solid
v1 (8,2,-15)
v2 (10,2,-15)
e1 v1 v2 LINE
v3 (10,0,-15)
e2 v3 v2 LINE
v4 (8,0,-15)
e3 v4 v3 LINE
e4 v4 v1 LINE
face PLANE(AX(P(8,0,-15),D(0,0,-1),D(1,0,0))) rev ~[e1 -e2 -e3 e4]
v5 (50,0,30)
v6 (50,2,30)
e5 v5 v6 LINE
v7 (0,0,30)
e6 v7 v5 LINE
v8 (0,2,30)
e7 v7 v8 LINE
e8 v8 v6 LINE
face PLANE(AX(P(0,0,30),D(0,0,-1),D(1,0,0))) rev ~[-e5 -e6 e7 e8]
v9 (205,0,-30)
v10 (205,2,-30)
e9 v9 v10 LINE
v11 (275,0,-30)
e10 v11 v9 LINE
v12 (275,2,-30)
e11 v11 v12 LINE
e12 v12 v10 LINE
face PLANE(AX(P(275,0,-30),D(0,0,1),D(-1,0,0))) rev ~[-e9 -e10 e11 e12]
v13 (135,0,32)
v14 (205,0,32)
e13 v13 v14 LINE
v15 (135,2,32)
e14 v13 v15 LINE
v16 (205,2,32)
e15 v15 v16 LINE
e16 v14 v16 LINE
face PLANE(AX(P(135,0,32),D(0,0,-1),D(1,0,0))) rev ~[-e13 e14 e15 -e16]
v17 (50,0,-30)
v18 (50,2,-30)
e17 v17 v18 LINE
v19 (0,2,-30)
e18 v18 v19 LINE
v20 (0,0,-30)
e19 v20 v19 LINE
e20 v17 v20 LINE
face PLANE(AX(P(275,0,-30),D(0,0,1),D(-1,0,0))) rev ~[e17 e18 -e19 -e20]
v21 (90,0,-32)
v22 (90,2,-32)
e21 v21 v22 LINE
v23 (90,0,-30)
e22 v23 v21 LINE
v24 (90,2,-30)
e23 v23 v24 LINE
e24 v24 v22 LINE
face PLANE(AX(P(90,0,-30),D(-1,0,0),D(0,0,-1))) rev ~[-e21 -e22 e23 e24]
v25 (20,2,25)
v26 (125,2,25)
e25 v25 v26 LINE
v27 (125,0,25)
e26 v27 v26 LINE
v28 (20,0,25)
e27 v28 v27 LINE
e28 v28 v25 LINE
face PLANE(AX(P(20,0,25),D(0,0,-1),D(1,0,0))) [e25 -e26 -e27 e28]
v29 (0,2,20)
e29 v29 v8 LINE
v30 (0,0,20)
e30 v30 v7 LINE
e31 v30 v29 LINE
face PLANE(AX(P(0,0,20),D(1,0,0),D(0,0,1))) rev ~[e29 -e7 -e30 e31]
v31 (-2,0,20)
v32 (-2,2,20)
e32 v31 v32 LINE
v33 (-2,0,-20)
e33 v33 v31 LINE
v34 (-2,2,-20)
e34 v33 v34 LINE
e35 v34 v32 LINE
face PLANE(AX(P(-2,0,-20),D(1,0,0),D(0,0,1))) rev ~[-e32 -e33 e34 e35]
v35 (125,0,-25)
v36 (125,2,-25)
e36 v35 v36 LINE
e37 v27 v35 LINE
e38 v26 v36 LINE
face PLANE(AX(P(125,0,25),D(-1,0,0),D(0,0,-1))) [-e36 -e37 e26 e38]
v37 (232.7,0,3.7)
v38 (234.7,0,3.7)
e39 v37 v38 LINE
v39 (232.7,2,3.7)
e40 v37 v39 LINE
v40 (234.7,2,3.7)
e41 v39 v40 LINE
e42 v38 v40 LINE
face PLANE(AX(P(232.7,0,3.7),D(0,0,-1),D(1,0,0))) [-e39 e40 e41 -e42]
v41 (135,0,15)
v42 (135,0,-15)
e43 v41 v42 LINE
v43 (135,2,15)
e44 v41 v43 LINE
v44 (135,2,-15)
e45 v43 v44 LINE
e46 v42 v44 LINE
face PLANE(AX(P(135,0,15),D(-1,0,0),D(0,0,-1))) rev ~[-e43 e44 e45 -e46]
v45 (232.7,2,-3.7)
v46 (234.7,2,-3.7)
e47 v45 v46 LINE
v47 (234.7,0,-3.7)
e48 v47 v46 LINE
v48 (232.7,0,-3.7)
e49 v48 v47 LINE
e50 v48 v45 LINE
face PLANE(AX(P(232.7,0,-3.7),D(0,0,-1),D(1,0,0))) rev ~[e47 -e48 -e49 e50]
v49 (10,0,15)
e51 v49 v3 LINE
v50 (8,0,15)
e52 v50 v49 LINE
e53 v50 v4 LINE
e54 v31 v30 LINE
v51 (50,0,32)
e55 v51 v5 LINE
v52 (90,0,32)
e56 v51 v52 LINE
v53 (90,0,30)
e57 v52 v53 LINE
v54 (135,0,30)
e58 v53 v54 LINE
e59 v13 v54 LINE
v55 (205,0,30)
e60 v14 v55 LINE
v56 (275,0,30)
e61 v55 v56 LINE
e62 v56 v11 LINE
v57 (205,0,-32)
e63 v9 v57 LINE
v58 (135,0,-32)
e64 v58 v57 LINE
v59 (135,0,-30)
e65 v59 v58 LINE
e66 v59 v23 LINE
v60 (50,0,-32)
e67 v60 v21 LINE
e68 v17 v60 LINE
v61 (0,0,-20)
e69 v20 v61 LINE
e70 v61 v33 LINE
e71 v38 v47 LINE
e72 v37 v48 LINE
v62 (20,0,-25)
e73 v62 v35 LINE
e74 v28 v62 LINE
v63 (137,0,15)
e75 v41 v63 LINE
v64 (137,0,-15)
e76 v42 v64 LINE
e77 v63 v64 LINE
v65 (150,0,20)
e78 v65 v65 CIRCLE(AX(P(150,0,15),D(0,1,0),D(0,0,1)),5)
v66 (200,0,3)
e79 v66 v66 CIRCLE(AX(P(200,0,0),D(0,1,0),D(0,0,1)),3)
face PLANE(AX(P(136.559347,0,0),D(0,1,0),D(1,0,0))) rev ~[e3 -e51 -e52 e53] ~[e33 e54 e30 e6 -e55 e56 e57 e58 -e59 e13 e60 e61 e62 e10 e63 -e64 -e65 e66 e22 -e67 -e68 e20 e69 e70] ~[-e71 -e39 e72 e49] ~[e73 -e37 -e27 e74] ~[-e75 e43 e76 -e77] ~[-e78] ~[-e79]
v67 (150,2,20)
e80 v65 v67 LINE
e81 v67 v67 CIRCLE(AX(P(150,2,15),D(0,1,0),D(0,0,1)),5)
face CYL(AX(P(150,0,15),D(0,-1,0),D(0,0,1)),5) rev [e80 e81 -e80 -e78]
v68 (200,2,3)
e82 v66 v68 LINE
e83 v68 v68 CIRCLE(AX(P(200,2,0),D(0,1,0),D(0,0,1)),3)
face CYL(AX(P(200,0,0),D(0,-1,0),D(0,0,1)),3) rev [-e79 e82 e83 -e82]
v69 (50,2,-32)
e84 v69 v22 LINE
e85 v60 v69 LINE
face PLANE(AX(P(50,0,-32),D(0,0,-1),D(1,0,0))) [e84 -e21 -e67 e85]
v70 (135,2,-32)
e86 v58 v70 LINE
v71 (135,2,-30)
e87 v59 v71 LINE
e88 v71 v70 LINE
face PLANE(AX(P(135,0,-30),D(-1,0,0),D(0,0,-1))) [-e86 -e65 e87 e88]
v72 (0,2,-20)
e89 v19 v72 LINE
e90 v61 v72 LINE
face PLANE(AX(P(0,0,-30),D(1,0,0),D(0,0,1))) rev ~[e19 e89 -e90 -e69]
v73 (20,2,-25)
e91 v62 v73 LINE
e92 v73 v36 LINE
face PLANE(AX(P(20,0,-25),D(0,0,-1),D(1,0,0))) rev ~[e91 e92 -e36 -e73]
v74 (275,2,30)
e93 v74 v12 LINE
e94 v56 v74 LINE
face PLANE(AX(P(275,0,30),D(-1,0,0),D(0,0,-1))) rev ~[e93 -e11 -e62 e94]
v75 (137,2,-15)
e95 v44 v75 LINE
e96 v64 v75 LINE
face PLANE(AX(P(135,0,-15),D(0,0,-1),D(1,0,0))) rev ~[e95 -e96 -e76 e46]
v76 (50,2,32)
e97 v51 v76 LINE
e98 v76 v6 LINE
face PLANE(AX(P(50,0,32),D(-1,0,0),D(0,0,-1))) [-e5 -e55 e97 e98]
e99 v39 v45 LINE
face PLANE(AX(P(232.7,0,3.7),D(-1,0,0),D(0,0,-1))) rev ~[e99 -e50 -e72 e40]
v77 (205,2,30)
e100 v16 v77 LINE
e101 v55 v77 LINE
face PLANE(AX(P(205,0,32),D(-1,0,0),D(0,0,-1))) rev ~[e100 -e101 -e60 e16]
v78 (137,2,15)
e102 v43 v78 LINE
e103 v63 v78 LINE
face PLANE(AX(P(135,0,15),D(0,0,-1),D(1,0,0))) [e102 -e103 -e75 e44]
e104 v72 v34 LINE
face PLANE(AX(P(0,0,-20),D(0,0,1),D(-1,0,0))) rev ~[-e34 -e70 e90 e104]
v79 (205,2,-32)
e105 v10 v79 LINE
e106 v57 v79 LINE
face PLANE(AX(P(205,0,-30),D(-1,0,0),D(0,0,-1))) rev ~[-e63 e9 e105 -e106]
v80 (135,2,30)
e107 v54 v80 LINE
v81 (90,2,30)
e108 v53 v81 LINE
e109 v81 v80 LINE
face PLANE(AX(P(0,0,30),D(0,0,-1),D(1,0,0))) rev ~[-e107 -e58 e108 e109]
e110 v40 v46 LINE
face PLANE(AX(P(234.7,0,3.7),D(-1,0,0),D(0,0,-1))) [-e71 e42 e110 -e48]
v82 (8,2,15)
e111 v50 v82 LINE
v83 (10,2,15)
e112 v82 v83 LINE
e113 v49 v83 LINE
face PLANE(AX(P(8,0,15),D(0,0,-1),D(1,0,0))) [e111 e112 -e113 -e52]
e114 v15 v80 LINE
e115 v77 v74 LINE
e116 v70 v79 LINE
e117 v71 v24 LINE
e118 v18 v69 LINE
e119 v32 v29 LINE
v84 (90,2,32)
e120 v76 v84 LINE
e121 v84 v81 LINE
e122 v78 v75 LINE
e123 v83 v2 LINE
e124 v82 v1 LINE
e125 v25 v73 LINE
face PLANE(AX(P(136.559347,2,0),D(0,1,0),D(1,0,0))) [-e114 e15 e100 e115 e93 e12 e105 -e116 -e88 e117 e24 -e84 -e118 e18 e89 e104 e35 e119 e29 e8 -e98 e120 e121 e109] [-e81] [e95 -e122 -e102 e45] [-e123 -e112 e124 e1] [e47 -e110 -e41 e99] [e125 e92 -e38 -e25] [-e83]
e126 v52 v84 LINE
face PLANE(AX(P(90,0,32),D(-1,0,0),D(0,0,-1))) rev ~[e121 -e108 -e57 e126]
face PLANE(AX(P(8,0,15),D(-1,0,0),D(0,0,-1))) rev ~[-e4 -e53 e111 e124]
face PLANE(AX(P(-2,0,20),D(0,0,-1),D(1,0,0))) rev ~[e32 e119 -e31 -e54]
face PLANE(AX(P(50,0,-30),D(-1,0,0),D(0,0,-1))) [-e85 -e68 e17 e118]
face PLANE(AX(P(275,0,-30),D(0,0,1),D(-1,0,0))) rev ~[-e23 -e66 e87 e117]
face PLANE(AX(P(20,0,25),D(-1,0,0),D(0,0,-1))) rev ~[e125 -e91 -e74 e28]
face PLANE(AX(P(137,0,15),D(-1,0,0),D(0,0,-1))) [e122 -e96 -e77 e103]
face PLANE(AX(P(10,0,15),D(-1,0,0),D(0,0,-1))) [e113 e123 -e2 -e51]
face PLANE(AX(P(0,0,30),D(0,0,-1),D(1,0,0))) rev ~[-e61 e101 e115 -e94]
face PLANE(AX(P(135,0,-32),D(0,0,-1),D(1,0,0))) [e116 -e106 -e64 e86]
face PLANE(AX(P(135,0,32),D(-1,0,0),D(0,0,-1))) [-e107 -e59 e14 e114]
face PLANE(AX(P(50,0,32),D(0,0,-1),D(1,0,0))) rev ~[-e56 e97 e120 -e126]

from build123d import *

# Parameters (mm, degrees)
SKETCH_1_R      = 5
SKETCH_1_W      = 2
SKETCH_1_H      = 30
SKETCH_1_W_2    = 105
SKETCH_1_H_2    = 50
SKETCH_1_R_2    = 3
SKETCH_1_H_3    = 7.4
SKETCH_1_W_3    = 40
SKETCH_1_H_4    = 2
SKETCH_1_W_4    = 70
EXTRUDE_1_DEPTH = 2


with BuildPart() as part:
    # 草图1 → 凸台-拉伸1 (new body)
    # profile 1 of 5: a face of its own
    with BuildSketch(Plane(origin=(0, 0, 0), x_dir=(1, 0, 0), z_dir=(0, 1, 0))):
        Polygon((-2, 20), (-2, -20), (0, -20), (0, -30), (50, -30), (90, -30), (135, -30), (205, -30), (275, -30), (275, 30), (205, 30), (135, 30), (90, 30), (50, 30), (0, 30), (0, 20), align=None)
        with Locations(Location((150, -15, 0), (0, 0, 270))):
            Circle(SKETCH_1_R, mode=Mode.SUBTRACT)
        with Locations((9, 0)):
            Rectangle(SKETCH_1_W, SKETCH_1_H, mode=Mode.SUBTRACT)
        with Locations((72.5, 0)):
            Rectangle(SKETCH_1_W_2, SKETCH_1_H_2, mode=Mode.SUBTRACT)
        with Locations((136, 0)):
            Rectangle(SKETCH_1_W, SKETCH_1_H, mode=Mode.SUBTRACT)
        with Locations(Location((200, 0, 0), (0, 0, 270))):
            Circle(SKETCH_1_R_2, mode=Mode.SUBTRACT)
        with Locations((233.7, 0)):
            Rectangle(SKETCH_1_W, SKETCH_1_H_3, mode=Mode.SUBTRACT)
    # profile 2 of 5: a face of its own
    with BuildSketch(Plane(origin=(0, 0, 0), x_dir=(1, 0, 0), z_dir=(0, 1, 0))):
        with Locations((70, 31)):
            Rectangle(SKETCH_1_W_3, SKETCH_1_H_4)
    # profile 3 of 5: a face of its own
    with BuildSketch(Plane(origin=(0, 0, 0), x_dir=(1, 0, 0), z_dir=(0, 1, 0))):
        with Locations((170, 31)):
            Rectangle(SKETCH_1_W_4, SKETCH_1_H_4)
    # profile 4 of 5: a face of its own
    with BuildSketch(Plane(origin=(0, 0, 0), x_dir=(1, 0, 0), z_dir=(0, 1, 0))):
        with Locations((70, -31)):
            Rectangle(SKETCH_1_W_3, SKETCH_1_H_4)
    # profile 5 of 5: a face of its own
    with BuildSketch(Plane(origin=(0, 0, 0), x_dir=(1, 0, 0), z_dir=(0, 1, 0))):
        with Locations((170, -31)):
            Rectangle(SKETCH_1_W_4, SKETCH_1_H_4)
    extrude(amount=EXTRUDE_1_DEPTH)


solid = part.part
